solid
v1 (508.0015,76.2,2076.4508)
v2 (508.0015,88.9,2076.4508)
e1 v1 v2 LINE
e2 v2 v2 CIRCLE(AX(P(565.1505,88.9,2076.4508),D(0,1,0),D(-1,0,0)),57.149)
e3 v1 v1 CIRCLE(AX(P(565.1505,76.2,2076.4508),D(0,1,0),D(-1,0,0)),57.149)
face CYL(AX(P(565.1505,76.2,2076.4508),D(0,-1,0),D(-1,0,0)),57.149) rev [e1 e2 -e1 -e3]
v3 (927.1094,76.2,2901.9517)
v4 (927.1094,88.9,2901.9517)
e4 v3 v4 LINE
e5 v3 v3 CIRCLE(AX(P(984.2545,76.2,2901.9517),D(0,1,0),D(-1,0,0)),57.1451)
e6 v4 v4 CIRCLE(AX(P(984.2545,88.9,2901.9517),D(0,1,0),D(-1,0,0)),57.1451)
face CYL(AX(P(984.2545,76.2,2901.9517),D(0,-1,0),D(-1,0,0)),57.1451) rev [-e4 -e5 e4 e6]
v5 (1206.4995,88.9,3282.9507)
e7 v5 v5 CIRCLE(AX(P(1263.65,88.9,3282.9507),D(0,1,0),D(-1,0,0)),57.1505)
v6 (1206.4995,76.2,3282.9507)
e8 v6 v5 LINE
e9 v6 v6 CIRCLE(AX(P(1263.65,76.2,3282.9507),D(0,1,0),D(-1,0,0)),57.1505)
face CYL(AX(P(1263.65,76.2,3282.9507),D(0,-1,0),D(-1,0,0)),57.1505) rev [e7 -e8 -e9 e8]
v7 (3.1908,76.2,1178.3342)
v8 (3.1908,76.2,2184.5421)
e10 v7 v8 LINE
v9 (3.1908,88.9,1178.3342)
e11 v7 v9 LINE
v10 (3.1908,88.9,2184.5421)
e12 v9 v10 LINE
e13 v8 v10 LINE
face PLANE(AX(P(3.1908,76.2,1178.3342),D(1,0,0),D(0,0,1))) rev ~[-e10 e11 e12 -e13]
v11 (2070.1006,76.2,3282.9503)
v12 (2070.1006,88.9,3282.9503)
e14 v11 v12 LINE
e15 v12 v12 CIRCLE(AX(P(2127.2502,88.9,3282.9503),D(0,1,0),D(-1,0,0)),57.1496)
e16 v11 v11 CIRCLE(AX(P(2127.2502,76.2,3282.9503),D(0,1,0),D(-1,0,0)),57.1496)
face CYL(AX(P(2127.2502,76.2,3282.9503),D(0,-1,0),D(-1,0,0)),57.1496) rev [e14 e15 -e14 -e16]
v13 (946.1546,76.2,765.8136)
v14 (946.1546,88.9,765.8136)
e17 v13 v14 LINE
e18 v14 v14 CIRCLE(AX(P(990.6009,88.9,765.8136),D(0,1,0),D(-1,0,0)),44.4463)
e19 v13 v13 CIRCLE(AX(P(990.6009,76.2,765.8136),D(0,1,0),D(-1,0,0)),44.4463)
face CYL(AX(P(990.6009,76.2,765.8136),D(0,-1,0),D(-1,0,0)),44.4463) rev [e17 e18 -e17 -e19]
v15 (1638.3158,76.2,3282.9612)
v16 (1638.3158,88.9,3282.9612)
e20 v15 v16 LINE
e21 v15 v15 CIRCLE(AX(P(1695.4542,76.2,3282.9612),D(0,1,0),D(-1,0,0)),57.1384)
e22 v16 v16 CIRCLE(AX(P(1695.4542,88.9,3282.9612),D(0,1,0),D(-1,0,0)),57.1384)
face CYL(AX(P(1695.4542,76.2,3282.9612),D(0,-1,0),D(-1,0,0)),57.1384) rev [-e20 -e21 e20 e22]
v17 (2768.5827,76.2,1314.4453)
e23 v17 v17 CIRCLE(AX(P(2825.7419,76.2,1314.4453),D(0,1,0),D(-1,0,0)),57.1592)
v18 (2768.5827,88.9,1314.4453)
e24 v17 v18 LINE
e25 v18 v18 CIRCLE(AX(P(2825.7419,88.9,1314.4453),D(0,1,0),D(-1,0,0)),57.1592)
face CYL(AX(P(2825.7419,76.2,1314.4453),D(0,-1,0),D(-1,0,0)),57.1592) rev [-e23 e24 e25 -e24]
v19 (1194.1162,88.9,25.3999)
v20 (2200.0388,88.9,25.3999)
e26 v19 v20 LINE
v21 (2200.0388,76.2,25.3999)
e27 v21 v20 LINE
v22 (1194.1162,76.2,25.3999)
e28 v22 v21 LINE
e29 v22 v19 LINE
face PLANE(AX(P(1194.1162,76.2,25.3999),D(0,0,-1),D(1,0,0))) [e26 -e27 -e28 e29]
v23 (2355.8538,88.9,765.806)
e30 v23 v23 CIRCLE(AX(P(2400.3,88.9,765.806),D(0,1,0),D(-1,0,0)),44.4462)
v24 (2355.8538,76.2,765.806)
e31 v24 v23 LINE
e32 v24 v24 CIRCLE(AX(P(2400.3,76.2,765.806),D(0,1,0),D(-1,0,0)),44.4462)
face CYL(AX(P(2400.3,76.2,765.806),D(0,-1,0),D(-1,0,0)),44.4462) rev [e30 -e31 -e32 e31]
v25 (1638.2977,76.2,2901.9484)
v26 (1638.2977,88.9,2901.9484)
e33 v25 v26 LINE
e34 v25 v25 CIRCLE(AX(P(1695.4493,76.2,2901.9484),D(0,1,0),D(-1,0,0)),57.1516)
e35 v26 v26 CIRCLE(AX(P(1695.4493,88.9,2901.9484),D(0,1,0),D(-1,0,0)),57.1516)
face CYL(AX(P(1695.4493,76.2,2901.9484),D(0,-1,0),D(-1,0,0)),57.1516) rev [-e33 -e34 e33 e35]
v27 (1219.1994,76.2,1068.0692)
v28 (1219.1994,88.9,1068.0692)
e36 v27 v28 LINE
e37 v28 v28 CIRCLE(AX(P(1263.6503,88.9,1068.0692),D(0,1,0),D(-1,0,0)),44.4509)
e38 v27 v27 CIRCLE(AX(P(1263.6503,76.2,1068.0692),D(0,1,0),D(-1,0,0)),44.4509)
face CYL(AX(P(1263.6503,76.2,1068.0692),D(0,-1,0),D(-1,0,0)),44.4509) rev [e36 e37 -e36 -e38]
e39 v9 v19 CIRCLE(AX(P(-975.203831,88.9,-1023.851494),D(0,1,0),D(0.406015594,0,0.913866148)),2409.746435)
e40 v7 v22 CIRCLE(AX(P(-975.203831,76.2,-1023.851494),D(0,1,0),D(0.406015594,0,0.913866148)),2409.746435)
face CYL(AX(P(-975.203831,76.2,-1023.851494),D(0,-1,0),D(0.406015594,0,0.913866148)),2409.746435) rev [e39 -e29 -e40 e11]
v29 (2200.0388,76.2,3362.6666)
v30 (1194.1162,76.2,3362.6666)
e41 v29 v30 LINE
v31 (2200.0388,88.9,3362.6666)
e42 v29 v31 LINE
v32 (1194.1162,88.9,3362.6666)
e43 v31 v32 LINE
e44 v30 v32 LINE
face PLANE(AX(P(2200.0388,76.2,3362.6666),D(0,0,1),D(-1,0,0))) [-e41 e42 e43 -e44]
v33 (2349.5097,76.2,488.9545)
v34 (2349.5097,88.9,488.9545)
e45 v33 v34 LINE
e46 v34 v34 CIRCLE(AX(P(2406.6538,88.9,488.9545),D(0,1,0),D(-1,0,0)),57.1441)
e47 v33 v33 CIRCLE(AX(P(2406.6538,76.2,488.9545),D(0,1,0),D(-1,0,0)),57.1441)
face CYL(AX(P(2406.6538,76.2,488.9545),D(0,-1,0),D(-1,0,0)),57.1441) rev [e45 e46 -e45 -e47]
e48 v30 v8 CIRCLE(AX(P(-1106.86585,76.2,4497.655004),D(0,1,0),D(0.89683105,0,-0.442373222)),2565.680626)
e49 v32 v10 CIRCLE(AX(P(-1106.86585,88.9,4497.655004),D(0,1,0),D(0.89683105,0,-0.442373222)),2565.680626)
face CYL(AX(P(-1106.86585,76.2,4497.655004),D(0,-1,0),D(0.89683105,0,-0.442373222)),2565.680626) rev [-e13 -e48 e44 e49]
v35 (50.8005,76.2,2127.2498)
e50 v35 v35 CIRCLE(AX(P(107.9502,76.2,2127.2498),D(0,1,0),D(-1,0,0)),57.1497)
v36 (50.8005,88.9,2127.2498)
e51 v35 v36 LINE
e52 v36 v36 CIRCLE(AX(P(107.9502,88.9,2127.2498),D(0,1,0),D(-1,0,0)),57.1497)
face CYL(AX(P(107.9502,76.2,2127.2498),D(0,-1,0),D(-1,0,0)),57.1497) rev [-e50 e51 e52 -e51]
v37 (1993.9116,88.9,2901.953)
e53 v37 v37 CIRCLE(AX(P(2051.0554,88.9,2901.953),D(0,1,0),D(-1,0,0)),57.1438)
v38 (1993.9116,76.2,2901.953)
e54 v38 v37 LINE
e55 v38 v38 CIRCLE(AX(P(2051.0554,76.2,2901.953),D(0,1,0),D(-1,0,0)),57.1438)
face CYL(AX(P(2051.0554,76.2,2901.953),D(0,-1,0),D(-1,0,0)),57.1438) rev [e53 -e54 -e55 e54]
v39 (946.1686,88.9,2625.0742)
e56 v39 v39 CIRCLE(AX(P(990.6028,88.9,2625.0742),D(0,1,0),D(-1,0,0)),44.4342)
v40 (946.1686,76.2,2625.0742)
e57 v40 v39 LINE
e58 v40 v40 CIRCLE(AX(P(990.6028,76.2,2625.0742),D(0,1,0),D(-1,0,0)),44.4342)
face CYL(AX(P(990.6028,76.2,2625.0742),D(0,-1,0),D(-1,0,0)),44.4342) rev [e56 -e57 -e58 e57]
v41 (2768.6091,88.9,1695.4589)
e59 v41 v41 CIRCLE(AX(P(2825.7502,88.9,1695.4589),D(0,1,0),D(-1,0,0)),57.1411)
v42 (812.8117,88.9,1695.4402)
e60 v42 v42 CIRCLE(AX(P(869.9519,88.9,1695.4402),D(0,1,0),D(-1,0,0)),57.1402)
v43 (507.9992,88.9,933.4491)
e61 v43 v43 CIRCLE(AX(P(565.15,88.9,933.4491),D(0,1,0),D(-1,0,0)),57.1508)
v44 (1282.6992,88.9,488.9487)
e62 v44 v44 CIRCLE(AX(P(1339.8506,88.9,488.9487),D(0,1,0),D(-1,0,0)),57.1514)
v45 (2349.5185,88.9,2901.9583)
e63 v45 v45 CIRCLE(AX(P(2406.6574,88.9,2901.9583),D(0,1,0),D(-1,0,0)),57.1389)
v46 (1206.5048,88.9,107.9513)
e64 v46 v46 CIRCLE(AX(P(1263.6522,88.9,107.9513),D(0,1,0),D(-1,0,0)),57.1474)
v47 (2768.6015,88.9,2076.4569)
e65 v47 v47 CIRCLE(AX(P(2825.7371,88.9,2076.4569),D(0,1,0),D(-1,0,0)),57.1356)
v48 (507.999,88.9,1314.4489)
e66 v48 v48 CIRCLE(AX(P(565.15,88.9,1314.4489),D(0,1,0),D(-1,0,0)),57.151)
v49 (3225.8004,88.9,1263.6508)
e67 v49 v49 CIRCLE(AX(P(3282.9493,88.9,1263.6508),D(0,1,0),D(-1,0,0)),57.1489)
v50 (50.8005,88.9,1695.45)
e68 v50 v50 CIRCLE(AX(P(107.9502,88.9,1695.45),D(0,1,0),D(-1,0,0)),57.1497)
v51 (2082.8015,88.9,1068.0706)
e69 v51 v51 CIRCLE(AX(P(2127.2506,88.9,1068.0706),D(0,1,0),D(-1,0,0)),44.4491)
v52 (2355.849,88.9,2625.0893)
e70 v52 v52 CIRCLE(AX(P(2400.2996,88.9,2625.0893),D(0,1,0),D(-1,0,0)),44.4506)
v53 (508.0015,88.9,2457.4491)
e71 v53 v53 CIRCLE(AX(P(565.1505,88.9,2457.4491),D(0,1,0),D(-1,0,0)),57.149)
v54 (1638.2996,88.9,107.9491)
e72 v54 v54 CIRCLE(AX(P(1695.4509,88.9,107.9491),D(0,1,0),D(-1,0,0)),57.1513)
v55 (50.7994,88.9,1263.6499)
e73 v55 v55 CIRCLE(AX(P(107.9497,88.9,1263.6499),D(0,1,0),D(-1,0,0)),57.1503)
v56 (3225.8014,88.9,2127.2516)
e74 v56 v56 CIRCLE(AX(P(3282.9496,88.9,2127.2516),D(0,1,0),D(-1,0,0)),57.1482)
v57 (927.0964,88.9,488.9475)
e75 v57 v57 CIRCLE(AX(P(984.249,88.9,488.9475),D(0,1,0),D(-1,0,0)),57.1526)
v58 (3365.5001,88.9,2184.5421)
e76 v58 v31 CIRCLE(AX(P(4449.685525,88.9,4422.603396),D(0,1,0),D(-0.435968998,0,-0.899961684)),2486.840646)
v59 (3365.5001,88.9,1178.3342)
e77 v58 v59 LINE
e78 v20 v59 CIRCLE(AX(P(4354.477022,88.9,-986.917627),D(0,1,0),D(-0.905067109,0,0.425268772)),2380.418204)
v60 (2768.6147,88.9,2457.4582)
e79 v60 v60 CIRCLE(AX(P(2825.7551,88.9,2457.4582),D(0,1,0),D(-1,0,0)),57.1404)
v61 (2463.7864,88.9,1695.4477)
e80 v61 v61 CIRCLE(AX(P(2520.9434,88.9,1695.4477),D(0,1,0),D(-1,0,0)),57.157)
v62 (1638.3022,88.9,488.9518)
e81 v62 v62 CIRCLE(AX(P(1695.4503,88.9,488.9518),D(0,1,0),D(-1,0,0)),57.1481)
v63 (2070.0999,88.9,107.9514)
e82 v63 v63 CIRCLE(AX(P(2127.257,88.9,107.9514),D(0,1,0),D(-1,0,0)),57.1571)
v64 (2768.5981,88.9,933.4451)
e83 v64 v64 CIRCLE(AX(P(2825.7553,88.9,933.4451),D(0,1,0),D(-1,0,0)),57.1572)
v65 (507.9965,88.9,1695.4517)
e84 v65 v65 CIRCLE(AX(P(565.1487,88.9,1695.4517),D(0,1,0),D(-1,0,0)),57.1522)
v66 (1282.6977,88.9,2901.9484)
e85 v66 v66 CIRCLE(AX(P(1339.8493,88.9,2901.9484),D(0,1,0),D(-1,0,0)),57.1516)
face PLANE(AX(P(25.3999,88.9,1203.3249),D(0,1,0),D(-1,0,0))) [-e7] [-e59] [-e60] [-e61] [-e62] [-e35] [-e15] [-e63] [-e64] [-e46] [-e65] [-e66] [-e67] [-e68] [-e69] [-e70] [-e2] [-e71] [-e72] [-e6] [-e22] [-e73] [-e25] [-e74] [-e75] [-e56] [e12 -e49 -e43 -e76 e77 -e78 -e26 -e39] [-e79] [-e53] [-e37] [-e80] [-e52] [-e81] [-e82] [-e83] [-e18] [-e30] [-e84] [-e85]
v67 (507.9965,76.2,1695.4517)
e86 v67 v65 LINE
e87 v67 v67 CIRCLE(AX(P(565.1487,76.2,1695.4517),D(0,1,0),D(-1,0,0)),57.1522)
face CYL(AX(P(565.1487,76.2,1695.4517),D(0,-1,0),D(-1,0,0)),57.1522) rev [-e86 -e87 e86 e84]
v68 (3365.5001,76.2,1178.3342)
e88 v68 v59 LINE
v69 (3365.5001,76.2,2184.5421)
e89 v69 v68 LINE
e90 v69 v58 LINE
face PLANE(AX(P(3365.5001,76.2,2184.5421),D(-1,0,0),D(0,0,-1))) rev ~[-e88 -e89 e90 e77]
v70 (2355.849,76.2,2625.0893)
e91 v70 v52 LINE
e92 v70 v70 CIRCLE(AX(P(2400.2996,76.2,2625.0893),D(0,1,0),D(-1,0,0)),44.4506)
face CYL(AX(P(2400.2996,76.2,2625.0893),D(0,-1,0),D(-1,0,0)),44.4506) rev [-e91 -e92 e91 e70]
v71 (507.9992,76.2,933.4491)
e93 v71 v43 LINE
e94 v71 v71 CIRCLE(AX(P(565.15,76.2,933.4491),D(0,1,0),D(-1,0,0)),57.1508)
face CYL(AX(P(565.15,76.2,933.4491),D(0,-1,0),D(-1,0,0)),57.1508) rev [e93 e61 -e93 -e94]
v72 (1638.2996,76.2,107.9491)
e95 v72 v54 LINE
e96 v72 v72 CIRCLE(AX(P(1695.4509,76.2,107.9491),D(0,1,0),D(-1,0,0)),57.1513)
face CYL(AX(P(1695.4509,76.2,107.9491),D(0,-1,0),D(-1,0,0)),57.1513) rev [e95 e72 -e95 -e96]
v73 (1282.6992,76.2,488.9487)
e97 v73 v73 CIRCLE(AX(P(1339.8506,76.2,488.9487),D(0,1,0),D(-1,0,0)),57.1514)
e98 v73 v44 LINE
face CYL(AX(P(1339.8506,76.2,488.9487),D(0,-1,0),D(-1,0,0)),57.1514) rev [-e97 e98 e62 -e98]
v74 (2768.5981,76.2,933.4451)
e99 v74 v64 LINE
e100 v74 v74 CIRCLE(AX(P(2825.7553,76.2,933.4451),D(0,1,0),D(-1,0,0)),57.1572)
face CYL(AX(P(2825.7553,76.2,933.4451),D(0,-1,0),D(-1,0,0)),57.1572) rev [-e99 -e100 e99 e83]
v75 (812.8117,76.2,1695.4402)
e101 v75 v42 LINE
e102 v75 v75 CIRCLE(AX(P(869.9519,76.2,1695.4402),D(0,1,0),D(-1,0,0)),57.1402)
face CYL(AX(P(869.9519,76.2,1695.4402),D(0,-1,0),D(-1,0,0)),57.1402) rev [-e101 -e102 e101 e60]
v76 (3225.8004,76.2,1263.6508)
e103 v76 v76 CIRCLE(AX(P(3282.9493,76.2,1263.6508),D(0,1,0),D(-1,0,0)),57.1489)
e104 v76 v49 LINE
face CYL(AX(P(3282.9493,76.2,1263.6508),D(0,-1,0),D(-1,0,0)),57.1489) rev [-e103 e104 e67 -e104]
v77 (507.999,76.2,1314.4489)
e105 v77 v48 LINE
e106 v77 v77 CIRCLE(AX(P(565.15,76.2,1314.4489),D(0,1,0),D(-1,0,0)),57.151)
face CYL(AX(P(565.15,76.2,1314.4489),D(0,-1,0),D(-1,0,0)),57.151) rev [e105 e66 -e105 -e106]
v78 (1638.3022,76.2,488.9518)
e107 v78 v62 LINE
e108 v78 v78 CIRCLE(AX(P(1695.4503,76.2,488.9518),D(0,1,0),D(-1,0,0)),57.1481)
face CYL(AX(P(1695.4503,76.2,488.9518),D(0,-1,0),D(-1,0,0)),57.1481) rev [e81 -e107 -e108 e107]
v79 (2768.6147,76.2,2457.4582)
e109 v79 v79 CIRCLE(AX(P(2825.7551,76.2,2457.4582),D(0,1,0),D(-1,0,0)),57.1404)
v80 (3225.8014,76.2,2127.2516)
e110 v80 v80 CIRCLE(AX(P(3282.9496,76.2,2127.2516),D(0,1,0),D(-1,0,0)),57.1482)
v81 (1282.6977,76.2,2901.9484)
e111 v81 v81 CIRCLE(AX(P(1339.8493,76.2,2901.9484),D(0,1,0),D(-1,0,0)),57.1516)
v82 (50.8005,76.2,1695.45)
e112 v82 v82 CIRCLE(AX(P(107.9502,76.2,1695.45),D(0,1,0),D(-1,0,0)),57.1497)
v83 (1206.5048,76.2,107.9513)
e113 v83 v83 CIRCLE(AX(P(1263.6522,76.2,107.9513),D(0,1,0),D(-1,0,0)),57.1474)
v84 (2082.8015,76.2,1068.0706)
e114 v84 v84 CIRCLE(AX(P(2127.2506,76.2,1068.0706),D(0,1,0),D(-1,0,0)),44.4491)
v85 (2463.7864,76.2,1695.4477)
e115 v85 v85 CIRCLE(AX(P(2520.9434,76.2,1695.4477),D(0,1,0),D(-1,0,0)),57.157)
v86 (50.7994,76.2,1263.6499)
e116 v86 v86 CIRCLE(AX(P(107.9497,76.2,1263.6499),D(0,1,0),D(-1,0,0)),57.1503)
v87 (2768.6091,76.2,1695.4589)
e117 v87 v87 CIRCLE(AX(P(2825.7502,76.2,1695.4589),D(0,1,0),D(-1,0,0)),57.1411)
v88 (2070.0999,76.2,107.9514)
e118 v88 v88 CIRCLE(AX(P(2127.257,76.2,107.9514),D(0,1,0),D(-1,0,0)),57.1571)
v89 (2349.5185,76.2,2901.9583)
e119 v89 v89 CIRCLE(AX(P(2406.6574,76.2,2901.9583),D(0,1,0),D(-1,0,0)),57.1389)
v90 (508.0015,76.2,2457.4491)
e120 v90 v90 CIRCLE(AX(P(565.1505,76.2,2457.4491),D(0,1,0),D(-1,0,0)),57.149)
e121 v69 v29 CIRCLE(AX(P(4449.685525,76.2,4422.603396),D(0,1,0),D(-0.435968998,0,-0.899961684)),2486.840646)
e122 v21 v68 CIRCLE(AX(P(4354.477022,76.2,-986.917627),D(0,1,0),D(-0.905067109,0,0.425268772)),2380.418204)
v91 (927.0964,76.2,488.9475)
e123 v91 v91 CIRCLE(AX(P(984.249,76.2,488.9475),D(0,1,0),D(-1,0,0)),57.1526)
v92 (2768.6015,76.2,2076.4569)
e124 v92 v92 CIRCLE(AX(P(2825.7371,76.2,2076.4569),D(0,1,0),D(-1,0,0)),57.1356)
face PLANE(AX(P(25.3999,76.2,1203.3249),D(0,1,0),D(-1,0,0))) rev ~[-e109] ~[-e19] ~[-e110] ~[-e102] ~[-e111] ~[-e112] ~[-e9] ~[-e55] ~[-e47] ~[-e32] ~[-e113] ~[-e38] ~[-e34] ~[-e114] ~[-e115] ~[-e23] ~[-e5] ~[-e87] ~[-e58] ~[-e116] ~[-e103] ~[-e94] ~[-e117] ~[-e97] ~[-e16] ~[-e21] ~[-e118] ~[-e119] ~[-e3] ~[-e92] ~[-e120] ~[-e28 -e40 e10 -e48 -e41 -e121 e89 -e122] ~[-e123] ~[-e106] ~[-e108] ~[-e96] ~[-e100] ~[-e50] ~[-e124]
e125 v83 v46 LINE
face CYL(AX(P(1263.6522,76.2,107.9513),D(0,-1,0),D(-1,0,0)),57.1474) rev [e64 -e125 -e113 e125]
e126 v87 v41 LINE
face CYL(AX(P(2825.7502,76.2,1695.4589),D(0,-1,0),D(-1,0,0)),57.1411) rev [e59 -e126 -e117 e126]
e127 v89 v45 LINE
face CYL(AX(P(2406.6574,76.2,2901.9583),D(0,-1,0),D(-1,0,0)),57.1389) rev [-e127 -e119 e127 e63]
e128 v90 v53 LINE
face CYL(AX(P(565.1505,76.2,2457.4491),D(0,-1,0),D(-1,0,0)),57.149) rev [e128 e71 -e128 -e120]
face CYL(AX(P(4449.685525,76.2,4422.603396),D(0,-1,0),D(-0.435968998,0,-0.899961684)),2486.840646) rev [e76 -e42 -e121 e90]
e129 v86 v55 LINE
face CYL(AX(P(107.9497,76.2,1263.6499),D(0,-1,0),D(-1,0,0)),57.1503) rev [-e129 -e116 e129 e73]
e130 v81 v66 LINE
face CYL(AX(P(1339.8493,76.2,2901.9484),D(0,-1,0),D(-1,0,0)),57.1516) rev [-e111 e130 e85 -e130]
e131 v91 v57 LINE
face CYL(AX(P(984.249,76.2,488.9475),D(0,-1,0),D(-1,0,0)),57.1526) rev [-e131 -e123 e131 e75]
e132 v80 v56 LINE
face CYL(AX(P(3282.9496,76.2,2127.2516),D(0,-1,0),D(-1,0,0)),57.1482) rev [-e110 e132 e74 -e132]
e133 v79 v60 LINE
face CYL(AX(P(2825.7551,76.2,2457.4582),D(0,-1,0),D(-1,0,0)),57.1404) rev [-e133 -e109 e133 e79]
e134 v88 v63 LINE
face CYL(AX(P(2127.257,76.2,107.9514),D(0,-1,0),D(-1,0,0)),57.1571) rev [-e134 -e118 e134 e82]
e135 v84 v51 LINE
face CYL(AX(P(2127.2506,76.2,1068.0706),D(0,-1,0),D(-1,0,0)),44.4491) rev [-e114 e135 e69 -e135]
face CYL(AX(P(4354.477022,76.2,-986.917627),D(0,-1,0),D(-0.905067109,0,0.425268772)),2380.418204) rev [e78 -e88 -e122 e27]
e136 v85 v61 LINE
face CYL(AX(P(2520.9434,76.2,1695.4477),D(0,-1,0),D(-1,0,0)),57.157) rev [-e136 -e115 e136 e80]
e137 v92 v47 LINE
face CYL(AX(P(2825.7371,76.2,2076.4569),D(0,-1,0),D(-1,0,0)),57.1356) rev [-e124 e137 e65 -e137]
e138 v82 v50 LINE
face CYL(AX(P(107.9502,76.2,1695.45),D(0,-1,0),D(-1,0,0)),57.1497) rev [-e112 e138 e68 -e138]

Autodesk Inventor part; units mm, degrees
ref_plane "YZ Plane" through (0, 0, 0) normal (1, 0, 0) x (0, 1, 0)
ref_plane "XZ Plane" through (0, 0, 0) normal (0, 1, 0) x (-1, 0, 0)
ref_plane "XY Plane" through (0, 0, 0) normal (0, 0, 1) x (1, 0, 0)
sketch "Sketch1" plane through (25.3999, 76.2, 1203.3249) normal (0, 1, 0) x (-1, 0, 0)
  circle A0 centre (-1238.2523, -1095.3736) radius 57.1474 projected
  circle A1 centre (-1670.051, -1095.3758) radius 57.1513 projected
  circle A2 centre (-958.8491, -714.3774) radius 57.1526 projected
  circle A3 centre (-1314.4507, -714.3762) radius 57.1514 projected
  circle A4 centre (-1670.0504, -714.3731) radius 57.1481 projected
  circle A5 centre (-2101.8571, -1095.3735) radius 57.1571 projected
  circle A6 centre (-2381.2539, -714.3704) radius 57.1441 projected
  circle A7 centre (-2374.9001, -437.5189) radius 44.4462 projected
  circle A8 centre (-965.201, -437.5113) radius 44.4463 projected
  circle A9 centre (-1238.2504, -135.2557) radius 44.4509 projected
  circle A10 centre (-539.7501, -269.8758) radius 57.1508 projected
  circle A11 centre (-82.5498, 60.325) radius 57.1503 projected
  circle A12 centre (-82.5503, 492.1251) radius 57.1497 projected
  circle A13 centre (-82.5503, 923.9249) radius 57.1497 projected
  circle A14 centre (-539.7506, 1254.1242) radius 57.149 projected
  circle A15 centre (-539.7506, 873.1259) radius 57.149 projected
  circle A16 centre (-539.7488, 492.1268) radius 57.1522 projected
  circle A17 centre (-539.7501, 111.124) radius 57.151 projected
  circle A18 centre (-844.552, 492.1153) radius 57.1402 projected
  circle A19 centre (-965.2029, 1421.7493) radius 44.4342 projected
  circle A20 centre (-958.8546, 1698.6268) radius 57.1451 projected
  circle A21 centre (-1238.2501, 2079.6258) radius 57.1505 projected
  circle A22 centre (-1314.4494, 1698.6235) radius 57.1516 projected
  circle A23 centre (-1670.0494, 1698.6235) radius 57.1516 projected
  circle A24 centre (-2025.6555, 1698.6281) radius 57.1438 projected
  circle A25 centre (-2381.2575, 1698.6334) radius 57.1389 projected
  circle A26 centre (-2101.8503, 2079.6254) radius 57.1496 projected
  circle A27 centre (-1670.0543, 2079.6363) radius 57.1384 projected
  circle A28 centre (-2374.8997, 1421.7644) radius 44.4506 projected
  circle A29 centre (-2800.3552, 1254.1333) radius 57.1404 projected
  circle A30 centre (-3257.5497, 923.9267) radius 57.1482 projected
  circle A31 centre (-2800.3372, 873.132) radius 57.1356 projected
  circle A32 centre (-2495.5435, 492.1228) radius 57.157 projected
  circle A33 centre (-2800.3503, 492.134) radius 57.1411 projected
  circle A34 centre (-3257.5494, 60.3259) radius 57.1489 projected
  circle A35 centre (-2800.342, 111.1204) radius 57.1592 projected
  circle A36 centre (-2800.3554, -269.8798) radius 57.1572 projected
  circle A37 centre (-2101.8507, -135.2543) radius 44.4491 projected
  line L0 (-82.5503, 930.2676) -> (-82.5503, 923.9249)
  line L1 (22.2091, 981.2172) -> (-3340.1002, 981.2172)
  line L2 (-3340.1002, 981.2172) -> (-3340.1002, -24.9907)
  line L3 (-3340.1002, -24.9907) -> (22.2091, -24.9907)
  line L4 (22.2091, -24.9907) -> (22.2091, 981.2172)
  line L5 (-1168.7163, -1177.925) -> (-2174.6389, -1177.925)
  line L6 (-2174.6389, -1177.925) -> (-2174.6389, 2159.3417)
  line L7 (-2174.6389, 2159.3417) -> (-1168.7163, 2159.3417)
  line L8 (-1168.7163, 2159.3417) -> (-1168.7163, -1177.925)
  arc A38 (-1168.7163, 2159.3417) -> (22.2091, 981.2172) centre (1132.2663, 3294.3305) ccw
  arc A39 (-3340.1002, 981.2172) -> (-2174.6389, 2159.3417) centre (-4424.2857, 3219.2786) ccw
  arc A40 (-2174.6389, -1177.925) -> (-3340.1002, -24.9907) centre (-4329.0768, -2190.2423) ccw
  arc A41 (22.2091, -24.9907) -> (-1168.7163, -1177.925) centre (1000.6036, -2227.1762) ccw
  point P0 (25.3999, -1203.3249)
  point P1 (-1257.3, 1089.0251)
  point P2 (-1257.3, 263.5251)
  point P3 (-2082.8002, 1089.0251)
  point P4 (-2082.8002, 263.5251)
  point P5 (-2171.5581, -1177.8007)
  point P6 (-2174.6389, 981.2172)
  point P7 (-1168.7163, 981.2172)
  point P8 (-1168.7163, -24.9907)
  point P9 (-2174.6389, -24.9907)
extrude "Extrusion2" add sketch "Sketch1" along normal blind 12.7
properties part number "pixfalcon_acc_board_light"
